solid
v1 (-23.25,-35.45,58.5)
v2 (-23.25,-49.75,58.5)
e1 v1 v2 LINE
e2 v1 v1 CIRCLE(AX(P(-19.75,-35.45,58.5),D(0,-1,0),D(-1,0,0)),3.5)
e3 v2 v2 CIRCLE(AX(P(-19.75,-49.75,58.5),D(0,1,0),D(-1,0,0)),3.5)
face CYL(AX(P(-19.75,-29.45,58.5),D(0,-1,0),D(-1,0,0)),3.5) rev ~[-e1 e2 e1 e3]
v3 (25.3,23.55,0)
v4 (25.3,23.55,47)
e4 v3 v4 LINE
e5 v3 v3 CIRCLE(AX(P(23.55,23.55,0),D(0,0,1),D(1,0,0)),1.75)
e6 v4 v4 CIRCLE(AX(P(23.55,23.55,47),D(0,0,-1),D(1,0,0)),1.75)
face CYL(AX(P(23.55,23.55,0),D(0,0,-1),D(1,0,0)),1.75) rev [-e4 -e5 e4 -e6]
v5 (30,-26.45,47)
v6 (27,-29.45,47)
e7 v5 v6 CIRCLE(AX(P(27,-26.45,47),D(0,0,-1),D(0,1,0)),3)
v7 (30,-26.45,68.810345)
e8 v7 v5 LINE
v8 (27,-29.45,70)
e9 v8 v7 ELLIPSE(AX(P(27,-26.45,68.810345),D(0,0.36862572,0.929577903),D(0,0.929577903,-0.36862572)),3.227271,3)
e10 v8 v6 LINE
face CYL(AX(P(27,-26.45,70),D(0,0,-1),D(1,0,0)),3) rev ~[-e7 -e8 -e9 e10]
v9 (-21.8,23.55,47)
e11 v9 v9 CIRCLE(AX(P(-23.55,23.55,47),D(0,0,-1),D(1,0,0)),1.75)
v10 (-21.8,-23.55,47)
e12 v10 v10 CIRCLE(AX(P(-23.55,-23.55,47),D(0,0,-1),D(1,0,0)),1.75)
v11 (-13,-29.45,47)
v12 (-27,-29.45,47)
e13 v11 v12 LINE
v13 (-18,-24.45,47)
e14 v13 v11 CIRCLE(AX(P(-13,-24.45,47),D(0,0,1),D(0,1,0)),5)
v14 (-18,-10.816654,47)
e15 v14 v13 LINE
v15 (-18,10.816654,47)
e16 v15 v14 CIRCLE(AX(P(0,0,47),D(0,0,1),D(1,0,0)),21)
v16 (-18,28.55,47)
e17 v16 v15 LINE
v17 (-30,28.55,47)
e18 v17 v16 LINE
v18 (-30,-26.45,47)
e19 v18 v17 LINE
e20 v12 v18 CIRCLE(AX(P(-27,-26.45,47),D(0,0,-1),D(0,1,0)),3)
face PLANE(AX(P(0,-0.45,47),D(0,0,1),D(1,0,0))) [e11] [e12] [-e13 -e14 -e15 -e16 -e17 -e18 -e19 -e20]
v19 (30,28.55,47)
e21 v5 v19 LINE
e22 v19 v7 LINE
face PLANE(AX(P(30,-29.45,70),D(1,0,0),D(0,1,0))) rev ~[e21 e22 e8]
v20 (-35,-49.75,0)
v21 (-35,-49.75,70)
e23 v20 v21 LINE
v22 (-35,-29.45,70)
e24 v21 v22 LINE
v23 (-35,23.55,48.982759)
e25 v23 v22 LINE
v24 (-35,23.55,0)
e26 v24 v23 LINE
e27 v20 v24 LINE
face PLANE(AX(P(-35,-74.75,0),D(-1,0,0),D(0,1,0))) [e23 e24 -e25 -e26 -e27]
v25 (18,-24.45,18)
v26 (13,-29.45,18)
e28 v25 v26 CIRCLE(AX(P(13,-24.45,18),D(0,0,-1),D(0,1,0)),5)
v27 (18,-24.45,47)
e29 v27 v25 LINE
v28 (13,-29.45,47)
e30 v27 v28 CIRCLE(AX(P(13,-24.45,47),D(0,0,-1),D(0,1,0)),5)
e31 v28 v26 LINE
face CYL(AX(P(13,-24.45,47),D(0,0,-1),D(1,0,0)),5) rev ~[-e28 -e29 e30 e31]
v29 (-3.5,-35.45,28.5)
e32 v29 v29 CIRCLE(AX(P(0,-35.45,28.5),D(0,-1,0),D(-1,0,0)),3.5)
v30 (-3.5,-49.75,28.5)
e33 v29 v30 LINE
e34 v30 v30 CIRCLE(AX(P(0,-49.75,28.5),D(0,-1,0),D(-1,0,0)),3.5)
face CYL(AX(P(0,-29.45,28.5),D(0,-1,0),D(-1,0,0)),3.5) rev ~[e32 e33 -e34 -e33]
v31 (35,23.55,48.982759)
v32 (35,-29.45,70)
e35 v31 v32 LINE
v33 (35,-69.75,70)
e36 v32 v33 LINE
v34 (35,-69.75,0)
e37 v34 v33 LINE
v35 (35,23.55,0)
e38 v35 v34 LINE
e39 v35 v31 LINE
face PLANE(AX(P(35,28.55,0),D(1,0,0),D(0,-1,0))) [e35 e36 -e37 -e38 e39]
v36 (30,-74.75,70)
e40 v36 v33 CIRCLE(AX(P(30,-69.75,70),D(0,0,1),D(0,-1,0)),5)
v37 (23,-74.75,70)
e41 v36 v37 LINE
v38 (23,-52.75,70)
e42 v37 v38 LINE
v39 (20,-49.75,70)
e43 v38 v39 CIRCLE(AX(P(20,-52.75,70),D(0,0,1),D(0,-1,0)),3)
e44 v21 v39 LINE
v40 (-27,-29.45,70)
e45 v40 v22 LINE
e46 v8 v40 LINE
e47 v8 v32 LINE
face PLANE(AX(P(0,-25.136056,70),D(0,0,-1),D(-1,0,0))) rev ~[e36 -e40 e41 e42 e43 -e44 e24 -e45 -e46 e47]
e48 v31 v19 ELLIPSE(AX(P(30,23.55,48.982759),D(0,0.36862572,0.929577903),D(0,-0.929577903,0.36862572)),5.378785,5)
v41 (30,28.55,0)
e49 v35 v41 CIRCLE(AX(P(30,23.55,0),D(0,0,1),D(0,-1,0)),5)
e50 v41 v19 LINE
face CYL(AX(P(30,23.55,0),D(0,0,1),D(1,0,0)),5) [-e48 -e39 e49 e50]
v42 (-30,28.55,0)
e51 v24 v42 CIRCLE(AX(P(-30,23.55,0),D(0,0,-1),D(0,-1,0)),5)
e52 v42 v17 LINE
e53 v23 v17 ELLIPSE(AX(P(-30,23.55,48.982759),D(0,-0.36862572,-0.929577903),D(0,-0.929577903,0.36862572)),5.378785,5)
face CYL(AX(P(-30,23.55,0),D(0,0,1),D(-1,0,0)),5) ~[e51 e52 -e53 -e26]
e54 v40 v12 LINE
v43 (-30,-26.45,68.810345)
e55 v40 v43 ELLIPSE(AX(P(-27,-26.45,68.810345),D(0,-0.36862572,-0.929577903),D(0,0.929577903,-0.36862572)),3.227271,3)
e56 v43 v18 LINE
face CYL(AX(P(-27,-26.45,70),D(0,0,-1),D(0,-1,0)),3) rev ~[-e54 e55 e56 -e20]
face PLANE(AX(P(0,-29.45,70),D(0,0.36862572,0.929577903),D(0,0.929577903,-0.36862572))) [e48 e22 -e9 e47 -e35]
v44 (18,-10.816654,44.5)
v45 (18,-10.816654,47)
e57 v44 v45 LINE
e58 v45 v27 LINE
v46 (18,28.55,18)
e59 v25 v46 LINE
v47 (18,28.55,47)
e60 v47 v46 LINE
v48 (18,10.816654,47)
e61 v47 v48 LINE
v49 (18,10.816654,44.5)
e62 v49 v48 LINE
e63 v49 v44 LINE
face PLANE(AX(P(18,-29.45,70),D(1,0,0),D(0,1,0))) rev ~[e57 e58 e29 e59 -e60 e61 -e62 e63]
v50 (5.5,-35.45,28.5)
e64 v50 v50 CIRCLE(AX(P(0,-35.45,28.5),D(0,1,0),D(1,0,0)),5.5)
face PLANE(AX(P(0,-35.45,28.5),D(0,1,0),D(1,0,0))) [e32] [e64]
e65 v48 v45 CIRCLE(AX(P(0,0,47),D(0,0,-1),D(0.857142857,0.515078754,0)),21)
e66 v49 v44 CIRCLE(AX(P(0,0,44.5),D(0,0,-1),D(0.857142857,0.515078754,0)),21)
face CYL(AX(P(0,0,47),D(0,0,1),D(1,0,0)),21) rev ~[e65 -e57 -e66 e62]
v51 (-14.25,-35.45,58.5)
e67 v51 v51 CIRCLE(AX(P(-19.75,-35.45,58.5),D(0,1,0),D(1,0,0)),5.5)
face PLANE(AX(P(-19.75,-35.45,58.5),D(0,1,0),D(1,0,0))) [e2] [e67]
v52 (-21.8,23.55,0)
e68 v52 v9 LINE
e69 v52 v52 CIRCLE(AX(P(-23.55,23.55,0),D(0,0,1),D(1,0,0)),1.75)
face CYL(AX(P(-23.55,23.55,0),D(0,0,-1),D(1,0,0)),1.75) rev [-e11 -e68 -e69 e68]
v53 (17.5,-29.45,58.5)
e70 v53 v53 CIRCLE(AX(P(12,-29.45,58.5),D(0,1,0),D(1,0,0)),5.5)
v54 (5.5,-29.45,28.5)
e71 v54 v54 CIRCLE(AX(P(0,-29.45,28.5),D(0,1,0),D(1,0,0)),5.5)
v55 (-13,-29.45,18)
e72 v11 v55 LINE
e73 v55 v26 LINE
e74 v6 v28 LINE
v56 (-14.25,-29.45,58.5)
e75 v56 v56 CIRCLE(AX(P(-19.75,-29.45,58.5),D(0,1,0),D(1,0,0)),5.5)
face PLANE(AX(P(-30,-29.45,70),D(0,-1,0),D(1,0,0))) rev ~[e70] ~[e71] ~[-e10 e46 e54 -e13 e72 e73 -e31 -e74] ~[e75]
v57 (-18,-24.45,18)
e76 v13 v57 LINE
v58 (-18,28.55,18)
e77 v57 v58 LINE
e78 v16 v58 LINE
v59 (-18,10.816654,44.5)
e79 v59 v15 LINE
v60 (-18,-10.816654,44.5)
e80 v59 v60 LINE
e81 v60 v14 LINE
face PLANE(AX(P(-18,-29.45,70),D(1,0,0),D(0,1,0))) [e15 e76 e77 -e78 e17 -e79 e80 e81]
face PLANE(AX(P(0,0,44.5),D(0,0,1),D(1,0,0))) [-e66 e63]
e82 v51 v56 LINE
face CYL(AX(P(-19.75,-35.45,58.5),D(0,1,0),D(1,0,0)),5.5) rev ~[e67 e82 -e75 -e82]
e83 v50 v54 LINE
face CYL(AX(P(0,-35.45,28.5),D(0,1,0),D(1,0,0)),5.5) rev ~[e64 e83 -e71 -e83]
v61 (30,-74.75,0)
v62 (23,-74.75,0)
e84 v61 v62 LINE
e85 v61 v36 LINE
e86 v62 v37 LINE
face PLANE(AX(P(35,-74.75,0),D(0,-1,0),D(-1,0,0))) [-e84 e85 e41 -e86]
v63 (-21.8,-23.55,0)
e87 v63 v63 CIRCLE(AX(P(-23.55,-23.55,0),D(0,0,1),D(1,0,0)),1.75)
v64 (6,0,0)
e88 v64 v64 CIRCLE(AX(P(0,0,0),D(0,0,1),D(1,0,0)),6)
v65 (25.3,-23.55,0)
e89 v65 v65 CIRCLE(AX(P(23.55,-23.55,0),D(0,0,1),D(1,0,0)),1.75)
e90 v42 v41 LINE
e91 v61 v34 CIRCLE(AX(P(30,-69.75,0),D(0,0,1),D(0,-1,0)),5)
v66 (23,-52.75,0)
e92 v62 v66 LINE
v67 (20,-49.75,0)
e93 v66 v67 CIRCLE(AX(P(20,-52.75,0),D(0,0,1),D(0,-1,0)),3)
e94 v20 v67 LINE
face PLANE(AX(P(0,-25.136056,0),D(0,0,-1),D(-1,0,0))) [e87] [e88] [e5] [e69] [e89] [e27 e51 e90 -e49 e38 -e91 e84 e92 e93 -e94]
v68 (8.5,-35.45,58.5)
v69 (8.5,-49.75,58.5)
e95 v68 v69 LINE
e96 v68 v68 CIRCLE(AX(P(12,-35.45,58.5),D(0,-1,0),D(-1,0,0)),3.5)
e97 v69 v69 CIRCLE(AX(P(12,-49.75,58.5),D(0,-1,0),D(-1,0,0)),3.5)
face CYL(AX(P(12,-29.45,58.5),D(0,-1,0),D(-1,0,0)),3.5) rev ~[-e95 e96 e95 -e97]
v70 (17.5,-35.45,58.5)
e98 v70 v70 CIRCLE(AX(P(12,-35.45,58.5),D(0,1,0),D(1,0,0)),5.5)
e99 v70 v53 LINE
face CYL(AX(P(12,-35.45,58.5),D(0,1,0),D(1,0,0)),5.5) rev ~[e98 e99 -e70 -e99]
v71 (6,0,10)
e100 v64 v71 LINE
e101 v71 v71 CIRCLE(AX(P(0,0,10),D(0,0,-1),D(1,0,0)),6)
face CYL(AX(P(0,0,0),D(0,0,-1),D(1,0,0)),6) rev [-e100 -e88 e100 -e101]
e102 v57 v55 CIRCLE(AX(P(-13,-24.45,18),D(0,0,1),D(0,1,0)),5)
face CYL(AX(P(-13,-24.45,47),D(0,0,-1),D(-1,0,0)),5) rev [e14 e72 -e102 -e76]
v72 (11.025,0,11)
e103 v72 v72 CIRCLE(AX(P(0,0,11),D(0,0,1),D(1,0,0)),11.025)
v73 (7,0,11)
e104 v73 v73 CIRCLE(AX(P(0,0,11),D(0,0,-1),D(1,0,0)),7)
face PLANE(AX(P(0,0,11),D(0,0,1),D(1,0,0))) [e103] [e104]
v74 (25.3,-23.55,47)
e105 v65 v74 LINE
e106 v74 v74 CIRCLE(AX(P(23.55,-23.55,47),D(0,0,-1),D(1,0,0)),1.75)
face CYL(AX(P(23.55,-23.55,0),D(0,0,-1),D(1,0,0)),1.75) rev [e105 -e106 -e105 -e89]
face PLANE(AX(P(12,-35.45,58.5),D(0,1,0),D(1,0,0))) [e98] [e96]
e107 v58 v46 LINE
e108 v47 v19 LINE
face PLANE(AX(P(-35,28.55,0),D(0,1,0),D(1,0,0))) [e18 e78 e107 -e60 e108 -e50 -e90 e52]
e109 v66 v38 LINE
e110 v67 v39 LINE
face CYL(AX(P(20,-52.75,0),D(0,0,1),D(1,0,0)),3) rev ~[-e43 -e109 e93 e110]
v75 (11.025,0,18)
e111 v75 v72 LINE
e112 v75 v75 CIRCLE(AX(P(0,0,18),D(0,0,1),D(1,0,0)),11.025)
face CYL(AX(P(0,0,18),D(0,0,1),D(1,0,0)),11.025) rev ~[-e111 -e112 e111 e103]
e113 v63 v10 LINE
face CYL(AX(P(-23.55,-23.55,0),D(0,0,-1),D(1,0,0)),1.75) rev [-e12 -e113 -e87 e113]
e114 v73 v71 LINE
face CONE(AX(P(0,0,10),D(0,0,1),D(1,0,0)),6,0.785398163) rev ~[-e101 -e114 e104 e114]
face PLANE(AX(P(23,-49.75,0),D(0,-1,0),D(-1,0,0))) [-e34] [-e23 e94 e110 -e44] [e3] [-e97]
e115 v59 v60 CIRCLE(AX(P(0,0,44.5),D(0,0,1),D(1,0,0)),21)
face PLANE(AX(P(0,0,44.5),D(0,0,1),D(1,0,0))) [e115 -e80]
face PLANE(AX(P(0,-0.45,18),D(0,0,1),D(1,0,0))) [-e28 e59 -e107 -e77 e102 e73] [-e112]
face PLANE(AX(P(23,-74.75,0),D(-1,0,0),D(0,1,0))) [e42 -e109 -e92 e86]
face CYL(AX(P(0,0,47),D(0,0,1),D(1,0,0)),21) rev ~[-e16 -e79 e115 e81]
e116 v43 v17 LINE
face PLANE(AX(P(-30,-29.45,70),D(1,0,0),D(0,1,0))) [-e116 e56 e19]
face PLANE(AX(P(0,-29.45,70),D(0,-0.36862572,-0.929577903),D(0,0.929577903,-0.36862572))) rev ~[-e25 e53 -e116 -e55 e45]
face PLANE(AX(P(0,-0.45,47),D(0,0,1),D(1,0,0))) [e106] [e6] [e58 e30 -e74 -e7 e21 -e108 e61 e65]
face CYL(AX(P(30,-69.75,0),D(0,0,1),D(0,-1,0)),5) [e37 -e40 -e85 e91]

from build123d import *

# Parameters (mm, degrees)
SKETCH1_R                                       = 1.75
SKETCH1_R_2                                     = 6
BOSS_EXTRUDE1_DEPTH                             = 70
SKETCH2_W                                       = 36
SKETCH2_H                                       = 58
CUT_EXTRUDE1_DEPTH                              = 52
SKETCH3_W                                       = 60
SKETCH3_H                                       = 58
CUT_EXTRUDE2_DEPTH                              = 23
SKETCH4_R                                       = 21
CUT_EXTRUDE3_DEPTH                              = 2.5
FILLET2_R                                       = 5
FILLET3_R                                       = 3
SKETCH5_R                                       = 11.025
CUT_EXTRUDE4_DEPTH                              = 7
CBORE_FOR_M6_SOCKET_HEAD_CAP_SCREW1_D           = 7
CBORE_FOR_M6_SOCKET_HEAD_CAP_SCREW1_CBORE_D     = 11
CBORE_FOR_M6_SOCKET_HEAD_CAP_SCREW1_CBORE_DEPTH = 6
SKETCH8_W                                       = 59.674444403
SKETCH8_H                                       = 31.446844148
CUT_EXTRUDE5_DEPTH                              = 71.0000001
CUT_EXTRUDE6_DEPTH                              = 36
CUT_EXTRUDE6_DEPTH_BACK                         = 36
CHAMFER1_SIZE                                   = 1


with BuildPart() as part:
    # Sketch1 → Boss-Extrude1 (new body)
    with BuildSketch(Plane.XY):
        Polygon((-35, -74.75), (-35, 28.55), (35, 28.55), (35, -74.75), (23, -74.75), (23, -49.75), (-23, -49.75), (-23, -74.75), align=None)
        with Locations((-23.55, 23.55)):
            Circle(SKETCH1_R, mode=Mode.SUBTRACT)
        with Locations((23.55, -23.55)):
            Circle(SKETCH1_R, mode=Mode.SUBTRACT)
        with Locations((23.55, 23.55)):
            Circle(SKETCH1_R, mode=Mode.SUBTRACT)
        with Locations((-23.55, -23.55)):
            Circle(SKETCH1_R, mode=Mode.SUBTRACT)
        Circle(SKETCH1_R_2, mode=Mode.SUBTRACT)
    extrude(amount=BOSS_EXTRUDE1_DEPTH)

    # Sketch2 → Cut-Extrude1 (cut)
    with BuildSketch(Plane.XY.offset(70)):
        with Locations((0, -0.45)):
            Rectangle(SKETCH2_W, SKETCH2_H)
    extrude(amount=-CUT_EXTRUDE1_DEPTH, mode=Mode.SUBTRACT)

    # Sketch3 → Cut-Extrude2 (cut)
    with BuildSketch(Plane.XY.offset(70)):
        with Locations((0, -0.45)):
            Rectangle(SKETCH3_W, SKETCH3_H)
    extrude(amount=-CUT_EXTRUDE2_DEPTH, mode=Mode.SUBTRACT)

    # Sketch4 → Cut-Extrude3 (cut)
    with BuildSketch(Plane.XY.offset(47)):
        Circle(SKETCH4_R)
    extrude(amount=-CUT_EXTRUDE3_DEPTH, mode=Mode.SUBTRACT)

    # Fillet2
    fillet2_edges = [part.edges().sort_by_distance(p)[0] for p in [
        (35, -74.75, 35),
        (-35, -74.75, 35),
        (35, 28.55, 35),
        (-35, 28.55, 35),
        (18, -29.45, 32.5),
        (-18, -29.45, 32.5),
    ]]
    fillet(fillet2_edges, radius=FILLET2_R)

    # Fillet3
    fillet3_edges = [part.edges().sort_by_distance(p)[0] for p in [
        (23, -49.75, 35),
        (-23, -49.75, 35),
        (30, -29.45, 58.5),
        (-30, -29.45, 58.5),
    ]]
    fillet(fillet3_edges, radius=FILLET3_R)

    # Sketch5 → Cut-Extrude4 (cut)
    with BuildSketch(Plane.XY.offset(18)):
        Circle(SKETCH5_R)
    extrude(amount=-CUT_EXTRUDE4_DEPTH, mode=Mode.SUBTRACT)

    # CBORE for M6 Socket Head Cap Screw1 (through all)
    with Locations(Plane(origin=(0, -29.45, 0), x_dir=(1, 0, 0), z_dir=(0, 1, 0))):
        with Locations((0, -28.5), (-19.75, -58.5), (12, -58.5)):
            CounterBoreHole(CBORE_FOR_M6_SOCKET_HEAD_CAP_SCREW1_D / 2, CBORE_FOR_M6_SOCKET_HEAD_CAP_SCREW1_CBORE_D / 2, CBORE_FOR_M6_SOCKET_HEAD_CAP_SCREW1_CBORE_DEPTH)

    # Sketch8 → Cut-Extrude5 (cut, through all)
    with BuildSketch(Plane.XY.offset(70)):
        with Locations((-33.952701125, -65.473422074)):
            Rectangle(SKETCH8_W, SKETCH8_H)
    extrude(amount=-CUT_EXTRUDE5_DEPTH, mode=Mode.SUBTRACT)

    # Sketch9 → Cut-Extrude6 (cut, two sides)
    with BuildSketch(Plane(origin=(0, 0, 0), x_dir=(0, 0, -1), z_dir=(1, 0, 0))) as cut_extrude6_sk:
        Polygon((-47, 28.55), (-70, 28.55), (-70, -29.45), align=None)
    extrude(amount=CUT_EXTRUDE6_DEPTH, mode=Mode.SUBTRACT)
    extrude(cut_extrude6_sk.sketch, amount=-CUT_EXTRUDE6_DEPTH_BACK, mode=Mode.SUBTRACT)

    # Chamfer1
    chamfer1_edges = [part.edges().sort_by_distance(p)[0] for p in [
        (-6, 0, 11),
    ]]
    chamfer(chamfer1_edges, length=CHAMFER1_SIZE)


solid = part.part
